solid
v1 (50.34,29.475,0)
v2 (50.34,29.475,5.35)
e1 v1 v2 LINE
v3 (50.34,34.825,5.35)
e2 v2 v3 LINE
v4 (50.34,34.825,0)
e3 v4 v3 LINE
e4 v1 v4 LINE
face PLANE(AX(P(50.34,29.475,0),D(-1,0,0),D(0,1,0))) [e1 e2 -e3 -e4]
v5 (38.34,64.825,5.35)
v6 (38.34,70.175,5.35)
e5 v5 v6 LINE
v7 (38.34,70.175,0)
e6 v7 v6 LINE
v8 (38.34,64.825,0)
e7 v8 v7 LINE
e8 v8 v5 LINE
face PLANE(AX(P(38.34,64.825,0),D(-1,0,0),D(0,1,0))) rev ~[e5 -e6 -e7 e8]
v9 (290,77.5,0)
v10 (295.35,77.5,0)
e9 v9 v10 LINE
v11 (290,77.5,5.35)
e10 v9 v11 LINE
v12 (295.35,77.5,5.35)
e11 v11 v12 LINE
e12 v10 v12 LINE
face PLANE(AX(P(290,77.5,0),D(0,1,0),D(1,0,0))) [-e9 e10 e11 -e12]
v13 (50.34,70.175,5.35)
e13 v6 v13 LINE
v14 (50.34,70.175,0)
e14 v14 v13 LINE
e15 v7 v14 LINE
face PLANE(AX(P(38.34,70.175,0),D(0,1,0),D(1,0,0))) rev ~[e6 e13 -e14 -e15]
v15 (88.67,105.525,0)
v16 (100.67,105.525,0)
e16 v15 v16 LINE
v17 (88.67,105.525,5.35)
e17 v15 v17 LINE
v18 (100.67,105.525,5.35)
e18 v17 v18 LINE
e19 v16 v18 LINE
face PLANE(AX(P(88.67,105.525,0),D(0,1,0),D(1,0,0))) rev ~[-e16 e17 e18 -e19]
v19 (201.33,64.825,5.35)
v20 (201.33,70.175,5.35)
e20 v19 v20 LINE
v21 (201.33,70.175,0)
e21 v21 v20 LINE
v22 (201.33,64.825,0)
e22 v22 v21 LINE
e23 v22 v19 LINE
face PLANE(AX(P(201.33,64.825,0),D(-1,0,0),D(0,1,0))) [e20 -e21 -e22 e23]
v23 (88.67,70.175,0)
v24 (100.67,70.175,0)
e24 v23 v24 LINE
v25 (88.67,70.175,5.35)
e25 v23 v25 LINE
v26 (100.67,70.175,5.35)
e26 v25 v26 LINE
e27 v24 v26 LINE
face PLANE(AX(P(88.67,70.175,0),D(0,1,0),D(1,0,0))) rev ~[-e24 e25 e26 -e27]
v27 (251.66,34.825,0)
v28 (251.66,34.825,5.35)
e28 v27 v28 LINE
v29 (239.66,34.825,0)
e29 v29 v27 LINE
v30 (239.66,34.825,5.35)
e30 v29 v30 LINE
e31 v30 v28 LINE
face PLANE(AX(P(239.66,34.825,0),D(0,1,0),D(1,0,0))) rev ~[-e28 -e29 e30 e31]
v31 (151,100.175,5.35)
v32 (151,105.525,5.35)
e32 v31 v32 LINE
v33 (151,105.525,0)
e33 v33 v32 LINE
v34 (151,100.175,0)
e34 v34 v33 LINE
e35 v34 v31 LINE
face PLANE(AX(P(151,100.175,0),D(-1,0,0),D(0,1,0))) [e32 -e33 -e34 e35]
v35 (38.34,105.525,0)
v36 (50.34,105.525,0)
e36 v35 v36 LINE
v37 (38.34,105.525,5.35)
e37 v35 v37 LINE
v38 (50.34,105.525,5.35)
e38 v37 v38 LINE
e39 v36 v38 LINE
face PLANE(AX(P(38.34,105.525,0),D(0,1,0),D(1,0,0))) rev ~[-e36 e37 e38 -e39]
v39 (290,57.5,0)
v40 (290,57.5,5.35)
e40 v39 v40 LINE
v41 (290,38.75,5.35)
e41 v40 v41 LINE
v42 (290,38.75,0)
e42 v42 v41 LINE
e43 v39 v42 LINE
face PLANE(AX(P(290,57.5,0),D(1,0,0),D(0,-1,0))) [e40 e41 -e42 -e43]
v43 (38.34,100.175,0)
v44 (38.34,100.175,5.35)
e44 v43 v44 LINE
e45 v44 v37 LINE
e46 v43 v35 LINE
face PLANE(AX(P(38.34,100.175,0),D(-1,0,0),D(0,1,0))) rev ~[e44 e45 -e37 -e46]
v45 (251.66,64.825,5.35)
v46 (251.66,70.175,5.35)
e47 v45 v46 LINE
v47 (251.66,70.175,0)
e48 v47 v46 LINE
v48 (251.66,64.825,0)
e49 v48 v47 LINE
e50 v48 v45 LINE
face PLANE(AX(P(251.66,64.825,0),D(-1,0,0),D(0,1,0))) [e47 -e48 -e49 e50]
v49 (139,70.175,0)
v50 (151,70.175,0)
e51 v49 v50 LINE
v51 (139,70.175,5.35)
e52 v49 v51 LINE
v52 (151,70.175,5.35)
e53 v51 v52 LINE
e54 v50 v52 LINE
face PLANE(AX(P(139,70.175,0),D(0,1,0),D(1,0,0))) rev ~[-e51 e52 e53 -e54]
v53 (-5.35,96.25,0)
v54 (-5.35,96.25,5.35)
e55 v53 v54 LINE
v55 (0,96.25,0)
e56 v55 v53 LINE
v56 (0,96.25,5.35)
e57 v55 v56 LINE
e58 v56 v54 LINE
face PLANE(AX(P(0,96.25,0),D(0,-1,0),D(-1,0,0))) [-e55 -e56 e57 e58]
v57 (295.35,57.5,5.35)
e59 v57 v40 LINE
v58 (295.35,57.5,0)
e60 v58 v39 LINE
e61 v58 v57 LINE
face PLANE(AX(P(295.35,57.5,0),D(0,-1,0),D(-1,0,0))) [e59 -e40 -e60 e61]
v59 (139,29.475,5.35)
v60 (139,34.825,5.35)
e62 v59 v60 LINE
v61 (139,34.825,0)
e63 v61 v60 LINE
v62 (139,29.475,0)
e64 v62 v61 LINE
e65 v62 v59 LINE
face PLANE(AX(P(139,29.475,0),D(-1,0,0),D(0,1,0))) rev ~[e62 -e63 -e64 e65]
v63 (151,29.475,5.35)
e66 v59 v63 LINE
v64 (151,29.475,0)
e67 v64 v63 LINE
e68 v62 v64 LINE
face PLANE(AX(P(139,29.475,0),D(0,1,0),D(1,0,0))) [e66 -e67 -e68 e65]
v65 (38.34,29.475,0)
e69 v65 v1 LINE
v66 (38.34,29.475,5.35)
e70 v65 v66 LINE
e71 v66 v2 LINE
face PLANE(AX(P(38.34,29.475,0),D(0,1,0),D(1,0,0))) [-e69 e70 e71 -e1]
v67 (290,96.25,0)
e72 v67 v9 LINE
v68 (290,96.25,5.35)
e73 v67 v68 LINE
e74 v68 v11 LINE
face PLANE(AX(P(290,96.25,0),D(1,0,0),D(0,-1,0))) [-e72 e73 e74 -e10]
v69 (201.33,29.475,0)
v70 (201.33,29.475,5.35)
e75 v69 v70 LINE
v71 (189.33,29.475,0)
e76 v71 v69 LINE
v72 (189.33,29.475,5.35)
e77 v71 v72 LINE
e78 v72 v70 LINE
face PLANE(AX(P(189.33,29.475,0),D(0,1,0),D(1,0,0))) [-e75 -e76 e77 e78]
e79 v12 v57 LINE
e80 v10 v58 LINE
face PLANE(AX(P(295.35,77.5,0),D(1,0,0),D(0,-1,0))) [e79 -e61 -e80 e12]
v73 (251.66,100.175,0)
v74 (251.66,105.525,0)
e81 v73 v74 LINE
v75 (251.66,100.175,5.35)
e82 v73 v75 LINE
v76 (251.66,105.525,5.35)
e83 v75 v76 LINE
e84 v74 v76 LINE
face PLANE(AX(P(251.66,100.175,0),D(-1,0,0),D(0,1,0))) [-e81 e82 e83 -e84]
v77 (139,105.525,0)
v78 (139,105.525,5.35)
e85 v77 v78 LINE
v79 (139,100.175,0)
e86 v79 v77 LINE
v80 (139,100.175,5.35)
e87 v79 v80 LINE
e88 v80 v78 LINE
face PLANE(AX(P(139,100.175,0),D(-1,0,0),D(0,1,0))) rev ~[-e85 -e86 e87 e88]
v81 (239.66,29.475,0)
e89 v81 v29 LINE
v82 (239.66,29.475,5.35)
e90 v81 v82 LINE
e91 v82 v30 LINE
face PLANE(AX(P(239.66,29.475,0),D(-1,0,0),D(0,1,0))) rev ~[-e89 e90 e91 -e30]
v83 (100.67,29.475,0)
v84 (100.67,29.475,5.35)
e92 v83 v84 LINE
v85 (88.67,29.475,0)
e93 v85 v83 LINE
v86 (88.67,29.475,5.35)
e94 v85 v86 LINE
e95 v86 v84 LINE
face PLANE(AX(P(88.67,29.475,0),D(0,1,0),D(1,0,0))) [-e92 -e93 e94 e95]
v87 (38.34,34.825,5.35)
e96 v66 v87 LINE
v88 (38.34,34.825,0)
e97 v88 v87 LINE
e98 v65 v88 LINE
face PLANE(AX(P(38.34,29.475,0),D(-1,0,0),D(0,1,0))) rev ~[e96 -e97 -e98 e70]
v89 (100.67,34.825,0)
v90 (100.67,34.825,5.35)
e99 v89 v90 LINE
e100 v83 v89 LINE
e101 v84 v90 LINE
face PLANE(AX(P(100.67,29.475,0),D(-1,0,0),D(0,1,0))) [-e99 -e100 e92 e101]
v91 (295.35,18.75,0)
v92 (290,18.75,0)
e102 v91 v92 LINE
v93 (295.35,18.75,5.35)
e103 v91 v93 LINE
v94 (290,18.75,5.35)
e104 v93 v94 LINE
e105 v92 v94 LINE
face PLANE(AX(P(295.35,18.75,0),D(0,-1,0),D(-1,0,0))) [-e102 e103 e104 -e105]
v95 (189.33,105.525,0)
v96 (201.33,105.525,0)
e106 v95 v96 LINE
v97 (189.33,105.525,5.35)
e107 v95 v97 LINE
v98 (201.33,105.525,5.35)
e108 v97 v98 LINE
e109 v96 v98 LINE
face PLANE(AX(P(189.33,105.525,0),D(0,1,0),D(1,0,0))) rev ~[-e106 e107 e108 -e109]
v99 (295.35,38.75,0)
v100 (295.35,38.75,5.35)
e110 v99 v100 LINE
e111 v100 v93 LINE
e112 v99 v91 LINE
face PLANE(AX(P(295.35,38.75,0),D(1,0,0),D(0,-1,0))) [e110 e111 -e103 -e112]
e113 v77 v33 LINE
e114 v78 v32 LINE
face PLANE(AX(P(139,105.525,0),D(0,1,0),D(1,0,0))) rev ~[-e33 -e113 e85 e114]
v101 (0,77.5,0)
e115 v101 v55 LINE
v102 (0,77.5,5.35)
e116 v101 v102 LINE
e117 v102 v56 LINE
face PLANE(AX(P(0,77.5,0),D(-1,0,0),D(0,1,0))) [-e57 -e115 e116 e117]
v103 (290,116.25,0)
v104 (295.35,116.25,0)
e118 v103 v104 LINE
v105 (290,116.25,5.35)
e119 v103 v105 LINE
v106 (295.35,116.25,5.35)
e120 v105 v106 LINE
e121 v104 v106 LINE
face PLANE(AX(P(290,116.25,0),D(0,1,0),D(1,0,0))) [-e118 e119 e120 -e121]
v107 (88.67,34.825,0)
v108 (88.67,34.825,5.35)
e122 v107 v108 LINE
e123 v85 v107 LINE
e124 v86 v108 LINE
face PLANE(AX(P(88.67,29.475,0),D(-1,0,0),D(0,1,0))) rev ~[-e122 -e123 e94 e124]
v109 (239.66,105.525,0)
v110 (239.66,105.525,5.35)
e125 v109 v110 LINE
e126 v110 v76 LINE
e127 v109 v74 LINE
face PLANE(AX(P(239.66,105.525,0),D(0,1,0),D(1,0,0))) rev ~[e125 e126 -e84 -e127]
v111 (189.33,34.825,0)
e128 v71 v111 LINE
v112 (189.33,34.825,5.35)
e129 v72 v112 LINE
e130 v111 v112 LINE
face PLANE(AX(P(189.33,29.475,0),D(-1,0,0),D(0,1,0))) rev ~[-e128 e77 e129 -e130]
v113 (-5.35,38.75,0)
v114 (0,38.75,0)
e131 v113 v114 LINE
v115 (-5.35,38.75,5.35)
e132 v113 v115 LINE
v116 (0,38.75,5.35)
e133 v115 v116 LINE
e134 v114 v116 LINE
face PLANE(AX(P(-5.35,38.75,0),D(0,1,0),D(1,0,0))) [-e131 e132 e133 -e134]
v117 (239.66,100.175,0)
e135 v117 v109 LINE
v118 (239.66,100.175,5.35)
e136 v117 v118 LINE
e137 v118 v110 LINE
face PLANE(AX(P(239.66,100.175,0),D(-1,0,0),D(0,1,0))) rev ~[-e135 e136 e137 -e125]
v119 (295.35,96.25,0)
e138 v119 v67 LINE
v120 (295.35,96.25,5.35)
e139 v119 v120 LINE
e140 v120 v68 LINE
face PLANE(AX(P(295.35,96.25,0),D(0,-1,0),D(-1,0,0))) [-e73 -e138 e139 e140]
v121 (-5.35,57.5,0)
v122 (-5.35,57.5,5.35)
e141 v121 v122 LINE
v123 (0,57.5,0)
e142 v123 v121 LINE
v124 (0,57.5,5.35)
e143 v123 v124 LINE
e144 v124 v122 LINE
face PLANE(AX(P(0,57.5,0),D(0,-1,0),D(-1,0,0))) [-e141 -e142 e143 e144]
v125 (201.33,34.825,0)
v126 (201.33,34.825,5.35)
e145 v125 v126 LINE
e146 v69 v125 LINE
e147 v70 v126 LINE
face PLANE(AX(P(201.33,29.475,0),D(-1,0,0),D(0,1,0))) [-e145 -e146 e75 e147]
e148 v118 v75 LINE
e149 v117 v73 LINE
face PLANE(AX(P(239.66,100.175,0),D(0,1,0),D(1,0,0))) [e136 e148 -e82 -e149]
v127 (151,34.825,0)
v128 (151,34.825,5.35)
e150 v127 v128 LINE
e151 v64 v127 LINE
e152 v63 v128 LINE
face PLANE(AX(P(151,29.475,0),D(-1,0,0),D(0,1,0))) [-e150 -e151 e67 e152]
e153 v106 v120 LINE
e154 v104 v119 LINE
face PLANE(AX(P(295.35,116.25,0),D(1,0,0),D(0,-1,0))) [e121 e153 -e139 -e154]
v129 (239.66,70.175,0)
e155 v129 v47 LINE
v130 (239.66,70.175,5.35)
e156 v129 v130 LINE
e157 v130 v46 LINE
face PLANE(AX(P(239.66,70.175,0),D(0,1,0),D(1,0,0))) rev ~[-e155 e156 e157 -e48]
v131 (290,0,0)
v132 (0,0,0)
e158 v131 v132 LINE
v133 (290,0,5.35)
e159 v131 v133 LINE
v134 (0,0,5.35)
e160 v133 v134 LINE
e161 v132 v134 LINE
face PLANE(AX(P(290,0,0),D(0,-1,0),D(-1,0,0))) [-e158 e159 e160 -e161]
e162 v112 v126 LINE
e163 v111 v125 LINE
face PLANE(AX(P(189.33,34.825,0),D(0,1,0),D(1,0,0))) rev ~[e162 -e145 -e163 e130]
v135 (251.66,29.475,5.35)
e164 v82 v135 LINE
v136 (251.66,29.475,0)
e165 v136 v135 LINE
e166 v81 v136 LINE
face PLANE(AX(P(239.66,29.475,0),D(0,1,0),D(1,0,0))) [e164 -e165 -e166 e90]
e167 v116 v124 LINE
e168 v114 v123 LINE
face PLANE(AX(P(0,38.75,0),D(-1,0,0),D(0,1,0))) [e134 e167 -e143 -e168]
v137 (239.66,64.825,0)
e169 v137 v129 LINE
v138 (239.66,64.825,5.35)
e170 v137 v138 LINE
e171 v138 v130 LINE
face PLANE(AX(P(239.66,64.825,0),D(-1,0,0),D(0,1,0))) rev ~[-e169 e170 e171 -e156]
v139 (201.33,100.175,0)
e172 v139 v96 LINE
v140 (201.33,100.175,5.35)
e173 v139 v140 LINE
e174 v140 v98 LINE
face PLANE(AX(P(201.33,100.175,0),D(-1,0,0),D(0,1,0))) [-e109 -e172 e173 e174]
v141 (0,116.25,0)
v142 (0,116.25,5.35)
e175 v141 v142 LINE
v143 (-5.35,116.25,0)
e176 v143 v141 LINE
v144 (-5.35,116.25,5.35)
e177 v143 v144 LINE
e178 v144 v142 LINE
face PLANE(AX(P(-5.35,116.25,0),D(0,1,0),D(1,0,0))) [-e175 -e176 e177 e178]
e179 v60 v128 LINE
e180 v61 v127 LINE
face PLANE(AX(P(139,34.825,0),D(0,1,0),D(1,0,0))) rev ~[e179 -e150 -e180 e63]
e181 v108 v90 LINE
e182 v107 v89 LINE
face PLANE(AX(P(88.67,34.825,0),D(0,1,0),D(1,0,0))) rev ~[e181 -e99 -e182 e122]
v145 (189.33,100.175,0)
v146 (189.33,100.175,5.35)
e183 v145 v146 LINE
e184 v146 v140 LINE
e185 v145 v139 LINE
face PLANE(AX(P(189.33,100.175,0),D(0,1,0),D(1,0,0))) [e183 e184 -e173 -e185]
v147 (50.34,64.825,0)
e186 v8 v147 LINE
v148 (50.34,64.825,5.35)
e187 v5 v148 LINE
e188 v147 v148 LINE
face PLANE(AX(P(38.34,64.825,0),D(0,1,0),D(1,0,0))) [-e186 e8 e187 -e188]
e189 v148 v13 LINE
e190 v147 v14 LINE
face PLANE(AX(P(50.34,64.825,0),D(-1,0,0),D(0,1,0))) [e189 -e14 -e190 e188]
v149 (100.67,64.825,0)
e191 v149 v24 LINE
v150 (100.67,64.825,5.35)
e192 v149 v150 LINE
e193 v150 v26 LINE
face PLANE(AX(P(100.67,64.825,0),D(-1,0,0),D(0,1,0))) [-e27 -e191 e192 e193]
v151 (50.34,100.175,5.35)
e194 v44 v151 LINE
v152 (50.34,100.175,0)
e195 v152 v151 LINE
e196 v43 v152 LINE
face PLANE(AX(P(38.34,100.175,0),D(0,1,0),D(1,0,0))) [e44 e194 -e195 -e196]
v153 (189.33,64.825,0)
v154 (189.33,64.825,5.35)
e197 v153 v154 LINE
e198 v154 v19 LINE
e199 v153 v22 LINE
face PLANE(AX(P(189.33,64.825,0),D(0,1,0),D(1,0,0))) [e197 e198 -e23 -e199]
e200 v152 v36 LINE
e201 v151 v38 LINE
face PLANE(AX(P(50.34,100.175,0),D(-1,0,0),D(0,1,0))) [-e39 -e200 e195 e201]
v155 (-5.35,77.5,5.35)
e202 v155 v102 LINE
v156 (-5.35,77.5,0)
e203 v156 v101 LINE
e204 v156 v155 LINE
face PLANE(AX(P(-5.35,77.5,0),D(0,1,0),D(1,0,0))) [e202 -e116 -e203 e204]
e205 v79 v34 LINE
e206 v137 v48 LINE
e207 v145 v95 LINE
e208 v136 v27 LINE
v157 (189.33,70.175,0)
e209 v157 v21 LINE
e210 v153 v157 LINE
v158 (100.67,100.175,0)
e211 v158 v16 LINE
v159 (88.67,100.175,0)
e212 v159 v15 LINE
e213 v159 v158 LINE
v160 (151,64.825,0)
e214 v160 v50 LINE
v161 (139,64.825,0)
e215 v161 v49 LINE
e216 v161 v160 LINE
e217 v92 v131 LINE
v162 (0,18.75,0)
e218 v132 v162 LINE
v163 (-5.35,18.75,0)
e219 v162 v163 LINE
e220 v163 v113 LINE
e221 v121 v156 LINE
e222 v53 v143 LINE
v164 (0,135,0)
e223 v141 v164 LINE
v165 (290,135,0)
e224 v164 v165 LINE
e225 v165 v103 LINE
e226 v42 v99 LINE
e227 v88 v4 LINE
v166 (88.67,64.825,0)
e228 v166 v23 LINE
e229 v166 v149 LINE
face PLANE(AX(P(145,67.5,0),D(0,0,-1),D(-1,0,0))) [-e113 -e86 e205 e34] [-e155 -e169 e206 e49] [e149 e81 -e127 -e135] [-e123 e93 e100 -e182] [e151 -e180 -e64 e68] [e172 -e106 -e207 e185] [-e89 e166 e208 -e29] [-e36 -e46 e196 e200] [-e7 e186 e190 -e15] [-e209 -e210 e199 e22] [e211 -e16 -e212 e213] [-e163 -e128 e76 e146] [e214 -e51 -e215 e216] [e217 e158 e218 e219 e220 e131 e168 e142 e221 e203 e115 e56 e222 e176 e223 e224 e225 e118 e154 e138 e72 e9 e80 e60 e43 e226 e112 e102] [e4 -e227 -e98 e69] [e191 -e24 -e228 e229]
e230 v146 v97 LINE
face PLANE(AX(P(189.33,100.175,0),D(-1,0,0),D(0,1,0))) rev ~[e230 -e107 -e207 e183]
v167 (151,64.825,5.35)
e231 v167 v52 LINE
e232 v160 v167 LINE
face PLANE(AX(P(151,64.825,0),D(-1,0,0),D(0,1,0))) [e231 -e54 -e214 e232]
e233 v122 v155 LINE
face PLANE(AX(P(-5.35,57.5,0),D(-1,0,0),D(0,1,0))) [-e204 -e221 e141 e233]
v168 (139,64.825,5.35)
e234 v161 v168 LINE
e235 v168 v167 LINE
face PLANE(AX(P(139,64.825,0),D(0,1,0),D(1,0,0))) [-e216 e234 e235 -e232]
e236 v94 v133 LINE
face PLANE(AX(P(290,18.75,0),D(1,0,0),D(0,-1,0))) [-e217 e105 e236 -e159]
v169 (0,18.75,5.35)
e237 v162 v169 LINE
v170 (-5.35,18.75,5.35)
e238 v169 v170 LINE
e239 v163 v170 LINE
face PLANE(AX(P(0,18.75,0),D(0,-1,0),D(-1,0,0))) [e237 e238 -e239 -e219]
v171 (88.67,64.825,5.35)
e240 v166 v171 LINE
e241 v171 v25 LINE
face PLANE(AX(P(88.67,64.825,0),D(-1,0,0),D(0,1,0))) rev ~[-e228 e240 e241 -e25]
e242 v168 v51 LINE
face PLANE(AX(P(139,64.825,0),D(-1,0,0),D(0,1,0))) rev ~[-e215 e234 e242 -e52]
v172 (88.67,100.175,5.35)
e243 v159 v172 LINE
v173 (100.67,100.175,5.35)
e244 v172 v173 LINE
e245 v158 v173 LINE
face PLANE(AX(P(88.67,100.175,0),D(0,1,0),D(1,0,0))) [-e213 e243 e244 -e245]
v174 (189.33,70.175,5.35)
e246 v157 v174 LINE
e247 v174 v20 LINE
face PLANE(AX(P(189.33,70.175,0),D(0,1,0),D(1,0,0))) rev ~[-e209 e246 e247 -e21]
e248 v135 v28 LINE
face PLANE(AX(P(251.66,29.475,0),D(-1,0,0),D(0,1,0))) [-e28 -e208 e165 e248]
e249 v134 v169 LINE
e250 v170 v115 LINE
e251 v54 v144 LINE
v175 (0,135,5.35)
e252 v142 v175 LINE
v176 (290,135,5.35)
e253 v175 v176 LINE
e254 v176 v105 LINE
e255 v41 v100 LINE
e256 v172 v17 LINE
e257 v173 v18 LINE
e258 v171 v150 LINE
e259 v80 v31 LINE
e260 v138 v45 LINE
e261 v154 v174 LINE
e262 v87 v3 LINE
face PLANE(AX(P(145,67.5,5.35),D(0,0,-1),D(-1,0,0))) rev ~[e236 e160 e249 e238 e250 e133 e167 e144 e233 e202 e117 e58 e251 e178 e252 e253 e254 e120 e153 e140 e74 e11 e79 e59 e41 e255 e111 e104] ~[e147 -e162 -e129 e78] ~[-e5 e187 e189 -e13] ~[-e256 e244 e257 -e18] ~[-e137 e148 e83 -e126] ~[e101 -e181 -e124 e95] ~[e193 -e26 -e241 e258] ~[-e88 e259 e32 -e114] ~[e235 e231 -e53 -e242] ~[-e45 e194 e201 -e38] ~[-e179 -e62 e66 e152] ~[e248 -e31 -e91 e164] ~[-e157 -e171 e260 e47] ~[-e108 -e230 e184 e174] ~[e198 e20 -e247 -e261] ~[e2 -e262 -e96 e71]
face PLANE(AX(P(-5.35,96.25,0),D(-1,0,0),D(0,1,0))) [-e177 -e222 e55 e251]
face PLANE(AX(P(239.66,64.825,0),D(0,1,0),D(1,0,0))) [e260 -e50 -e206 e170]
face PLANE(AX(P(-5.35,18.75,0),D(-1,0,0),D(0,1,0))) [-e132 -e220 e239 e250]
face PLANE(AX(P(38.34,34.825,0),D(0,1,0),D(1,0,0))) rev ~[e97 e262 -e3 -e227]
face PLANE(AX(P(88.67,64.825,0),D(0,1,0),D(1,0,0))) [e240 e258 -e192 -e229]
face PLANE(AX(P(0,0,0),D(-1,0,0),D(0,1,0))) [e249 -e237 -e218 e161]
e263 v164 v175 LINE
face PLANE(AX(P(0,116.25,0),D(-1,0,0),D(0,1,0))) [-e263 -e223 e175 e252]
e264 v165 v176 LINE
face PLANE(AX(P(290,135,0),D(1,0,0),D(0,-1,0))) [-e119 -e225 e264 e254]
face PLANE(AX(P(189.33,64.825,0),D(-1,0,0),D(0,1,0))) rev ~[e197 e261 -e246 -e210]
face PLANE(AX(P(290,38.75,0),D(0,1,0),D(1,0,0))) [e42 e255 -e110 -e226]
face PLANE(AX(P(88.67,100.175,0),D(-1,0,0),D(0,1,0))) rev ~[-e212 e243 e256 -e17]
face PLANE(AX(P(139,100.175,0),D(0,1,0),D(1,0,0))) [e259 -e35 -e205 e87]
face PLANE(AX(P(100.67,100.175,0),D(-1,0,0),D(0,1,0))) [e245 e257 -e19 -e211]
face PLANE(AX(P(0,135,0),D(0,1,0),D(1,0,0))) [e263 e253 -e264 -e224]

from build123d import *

# Parameters (mm, degrees)
MODEL_W             = 12
MODEL_H             = 5.35
BOSS_EXTRUDE1_DEPTH = 5.35


with BuildPart() as part:
    # Model → Boss-Extrude1 (new body)
    with BuildSketch(Plane.XY):
        Polygon((0, 116.25), (0, 135), (290, 135), (290, 116.25), (295.35, 116.25), (295.35, 96.25), (290, 96.25), (290, 77.5), (295.35, 77.5), (295.35, 57.5), (290, 57.5), (290, 38.75), (295.35, 38.75), (295.35, 18.75), (290, 18.75), (290, 0), (0, 0), (0, 18.75), (-5.35, 18.75), (-5.35, 38.75), (0, 38.75), (0, 57.5), (-5.35, 57.5), (-5.35, 77.5), (0, 77.5), (0, 96.25), (-5.35, 96.25), (-5.35, 116.25), align=None)
        with Locations((195.33, 102.85)):
            Rectangle(MODEL_W, MODEL_H, mode=Mode.SUBTRACT)
        with Locations((145, 102.85)):
            Rectangle(MODEL_W, MODEL_H, mode=Mode.SUBTRACT)
        with Locations((245.66, 102.85)):
            Rectangle(MODEL_W, MODEL_H, mode=Mode.SUBTRACT)
        with Locations((195.33, 67.5)):
            Rectangle(MODEL_W, MODEL_H, mode=Mode.SUBTRACT)
        with Locations((245.66, 67.5)):
            Rectangle(MODEL_W, MODEL_H, mode=Mode.SUBTRACT)
        with Locations((195.33, 32.15)):
            Rectangle(MODEL_W, MODEL_H, mode=Mode.SUBTRACT)
        with Locations((245.66, 32.15)):
            Rectangle(MODEL_W, MODEL_H, mode=Mode.SUBTRACT)
        with Locations((145, 67.5)):
            Rectangle(MODEL_W, MODEL_H, mode=Mode.SUBTRACT)
        with Locations((145, 32.15)):
            Rectangle(MODEL_W, MODEL_H, mode=Mode.SUBTRACT)
        with Locations((94.67, 102.85)):
            Rectangle(MODEL_W, MODEL_H, mode=Mode.SUBTRACT)
        with Locations((44.34, 102.85)):
            Rectangle(MODEL_W, MODEL_H, mode=Mode.SUBTRACT)
        with Locations((94.67, 67.5)):
            Rectangle(MODEL_W, MODEL_H, mode=Mode.SUBTRACT)
        with Locations((44.34, 67.5)):
            Rectangle(MODEL_W, MODEL_H, mode=Mode.SUBTRACT)
        with Locations((94.67, 32.15)):
            Rectangle(MODEL_W, MODEL_H, mode=Mode.SUBTRACT)
        with Locations((44.34, 32.15)):
            Rectangle(MODEL_W, MODEL_H, mode=Mode.SUBTRACT)
    extrude(amount=BOSS_EXTRUDE1_DEPTH)


solid = part.part
